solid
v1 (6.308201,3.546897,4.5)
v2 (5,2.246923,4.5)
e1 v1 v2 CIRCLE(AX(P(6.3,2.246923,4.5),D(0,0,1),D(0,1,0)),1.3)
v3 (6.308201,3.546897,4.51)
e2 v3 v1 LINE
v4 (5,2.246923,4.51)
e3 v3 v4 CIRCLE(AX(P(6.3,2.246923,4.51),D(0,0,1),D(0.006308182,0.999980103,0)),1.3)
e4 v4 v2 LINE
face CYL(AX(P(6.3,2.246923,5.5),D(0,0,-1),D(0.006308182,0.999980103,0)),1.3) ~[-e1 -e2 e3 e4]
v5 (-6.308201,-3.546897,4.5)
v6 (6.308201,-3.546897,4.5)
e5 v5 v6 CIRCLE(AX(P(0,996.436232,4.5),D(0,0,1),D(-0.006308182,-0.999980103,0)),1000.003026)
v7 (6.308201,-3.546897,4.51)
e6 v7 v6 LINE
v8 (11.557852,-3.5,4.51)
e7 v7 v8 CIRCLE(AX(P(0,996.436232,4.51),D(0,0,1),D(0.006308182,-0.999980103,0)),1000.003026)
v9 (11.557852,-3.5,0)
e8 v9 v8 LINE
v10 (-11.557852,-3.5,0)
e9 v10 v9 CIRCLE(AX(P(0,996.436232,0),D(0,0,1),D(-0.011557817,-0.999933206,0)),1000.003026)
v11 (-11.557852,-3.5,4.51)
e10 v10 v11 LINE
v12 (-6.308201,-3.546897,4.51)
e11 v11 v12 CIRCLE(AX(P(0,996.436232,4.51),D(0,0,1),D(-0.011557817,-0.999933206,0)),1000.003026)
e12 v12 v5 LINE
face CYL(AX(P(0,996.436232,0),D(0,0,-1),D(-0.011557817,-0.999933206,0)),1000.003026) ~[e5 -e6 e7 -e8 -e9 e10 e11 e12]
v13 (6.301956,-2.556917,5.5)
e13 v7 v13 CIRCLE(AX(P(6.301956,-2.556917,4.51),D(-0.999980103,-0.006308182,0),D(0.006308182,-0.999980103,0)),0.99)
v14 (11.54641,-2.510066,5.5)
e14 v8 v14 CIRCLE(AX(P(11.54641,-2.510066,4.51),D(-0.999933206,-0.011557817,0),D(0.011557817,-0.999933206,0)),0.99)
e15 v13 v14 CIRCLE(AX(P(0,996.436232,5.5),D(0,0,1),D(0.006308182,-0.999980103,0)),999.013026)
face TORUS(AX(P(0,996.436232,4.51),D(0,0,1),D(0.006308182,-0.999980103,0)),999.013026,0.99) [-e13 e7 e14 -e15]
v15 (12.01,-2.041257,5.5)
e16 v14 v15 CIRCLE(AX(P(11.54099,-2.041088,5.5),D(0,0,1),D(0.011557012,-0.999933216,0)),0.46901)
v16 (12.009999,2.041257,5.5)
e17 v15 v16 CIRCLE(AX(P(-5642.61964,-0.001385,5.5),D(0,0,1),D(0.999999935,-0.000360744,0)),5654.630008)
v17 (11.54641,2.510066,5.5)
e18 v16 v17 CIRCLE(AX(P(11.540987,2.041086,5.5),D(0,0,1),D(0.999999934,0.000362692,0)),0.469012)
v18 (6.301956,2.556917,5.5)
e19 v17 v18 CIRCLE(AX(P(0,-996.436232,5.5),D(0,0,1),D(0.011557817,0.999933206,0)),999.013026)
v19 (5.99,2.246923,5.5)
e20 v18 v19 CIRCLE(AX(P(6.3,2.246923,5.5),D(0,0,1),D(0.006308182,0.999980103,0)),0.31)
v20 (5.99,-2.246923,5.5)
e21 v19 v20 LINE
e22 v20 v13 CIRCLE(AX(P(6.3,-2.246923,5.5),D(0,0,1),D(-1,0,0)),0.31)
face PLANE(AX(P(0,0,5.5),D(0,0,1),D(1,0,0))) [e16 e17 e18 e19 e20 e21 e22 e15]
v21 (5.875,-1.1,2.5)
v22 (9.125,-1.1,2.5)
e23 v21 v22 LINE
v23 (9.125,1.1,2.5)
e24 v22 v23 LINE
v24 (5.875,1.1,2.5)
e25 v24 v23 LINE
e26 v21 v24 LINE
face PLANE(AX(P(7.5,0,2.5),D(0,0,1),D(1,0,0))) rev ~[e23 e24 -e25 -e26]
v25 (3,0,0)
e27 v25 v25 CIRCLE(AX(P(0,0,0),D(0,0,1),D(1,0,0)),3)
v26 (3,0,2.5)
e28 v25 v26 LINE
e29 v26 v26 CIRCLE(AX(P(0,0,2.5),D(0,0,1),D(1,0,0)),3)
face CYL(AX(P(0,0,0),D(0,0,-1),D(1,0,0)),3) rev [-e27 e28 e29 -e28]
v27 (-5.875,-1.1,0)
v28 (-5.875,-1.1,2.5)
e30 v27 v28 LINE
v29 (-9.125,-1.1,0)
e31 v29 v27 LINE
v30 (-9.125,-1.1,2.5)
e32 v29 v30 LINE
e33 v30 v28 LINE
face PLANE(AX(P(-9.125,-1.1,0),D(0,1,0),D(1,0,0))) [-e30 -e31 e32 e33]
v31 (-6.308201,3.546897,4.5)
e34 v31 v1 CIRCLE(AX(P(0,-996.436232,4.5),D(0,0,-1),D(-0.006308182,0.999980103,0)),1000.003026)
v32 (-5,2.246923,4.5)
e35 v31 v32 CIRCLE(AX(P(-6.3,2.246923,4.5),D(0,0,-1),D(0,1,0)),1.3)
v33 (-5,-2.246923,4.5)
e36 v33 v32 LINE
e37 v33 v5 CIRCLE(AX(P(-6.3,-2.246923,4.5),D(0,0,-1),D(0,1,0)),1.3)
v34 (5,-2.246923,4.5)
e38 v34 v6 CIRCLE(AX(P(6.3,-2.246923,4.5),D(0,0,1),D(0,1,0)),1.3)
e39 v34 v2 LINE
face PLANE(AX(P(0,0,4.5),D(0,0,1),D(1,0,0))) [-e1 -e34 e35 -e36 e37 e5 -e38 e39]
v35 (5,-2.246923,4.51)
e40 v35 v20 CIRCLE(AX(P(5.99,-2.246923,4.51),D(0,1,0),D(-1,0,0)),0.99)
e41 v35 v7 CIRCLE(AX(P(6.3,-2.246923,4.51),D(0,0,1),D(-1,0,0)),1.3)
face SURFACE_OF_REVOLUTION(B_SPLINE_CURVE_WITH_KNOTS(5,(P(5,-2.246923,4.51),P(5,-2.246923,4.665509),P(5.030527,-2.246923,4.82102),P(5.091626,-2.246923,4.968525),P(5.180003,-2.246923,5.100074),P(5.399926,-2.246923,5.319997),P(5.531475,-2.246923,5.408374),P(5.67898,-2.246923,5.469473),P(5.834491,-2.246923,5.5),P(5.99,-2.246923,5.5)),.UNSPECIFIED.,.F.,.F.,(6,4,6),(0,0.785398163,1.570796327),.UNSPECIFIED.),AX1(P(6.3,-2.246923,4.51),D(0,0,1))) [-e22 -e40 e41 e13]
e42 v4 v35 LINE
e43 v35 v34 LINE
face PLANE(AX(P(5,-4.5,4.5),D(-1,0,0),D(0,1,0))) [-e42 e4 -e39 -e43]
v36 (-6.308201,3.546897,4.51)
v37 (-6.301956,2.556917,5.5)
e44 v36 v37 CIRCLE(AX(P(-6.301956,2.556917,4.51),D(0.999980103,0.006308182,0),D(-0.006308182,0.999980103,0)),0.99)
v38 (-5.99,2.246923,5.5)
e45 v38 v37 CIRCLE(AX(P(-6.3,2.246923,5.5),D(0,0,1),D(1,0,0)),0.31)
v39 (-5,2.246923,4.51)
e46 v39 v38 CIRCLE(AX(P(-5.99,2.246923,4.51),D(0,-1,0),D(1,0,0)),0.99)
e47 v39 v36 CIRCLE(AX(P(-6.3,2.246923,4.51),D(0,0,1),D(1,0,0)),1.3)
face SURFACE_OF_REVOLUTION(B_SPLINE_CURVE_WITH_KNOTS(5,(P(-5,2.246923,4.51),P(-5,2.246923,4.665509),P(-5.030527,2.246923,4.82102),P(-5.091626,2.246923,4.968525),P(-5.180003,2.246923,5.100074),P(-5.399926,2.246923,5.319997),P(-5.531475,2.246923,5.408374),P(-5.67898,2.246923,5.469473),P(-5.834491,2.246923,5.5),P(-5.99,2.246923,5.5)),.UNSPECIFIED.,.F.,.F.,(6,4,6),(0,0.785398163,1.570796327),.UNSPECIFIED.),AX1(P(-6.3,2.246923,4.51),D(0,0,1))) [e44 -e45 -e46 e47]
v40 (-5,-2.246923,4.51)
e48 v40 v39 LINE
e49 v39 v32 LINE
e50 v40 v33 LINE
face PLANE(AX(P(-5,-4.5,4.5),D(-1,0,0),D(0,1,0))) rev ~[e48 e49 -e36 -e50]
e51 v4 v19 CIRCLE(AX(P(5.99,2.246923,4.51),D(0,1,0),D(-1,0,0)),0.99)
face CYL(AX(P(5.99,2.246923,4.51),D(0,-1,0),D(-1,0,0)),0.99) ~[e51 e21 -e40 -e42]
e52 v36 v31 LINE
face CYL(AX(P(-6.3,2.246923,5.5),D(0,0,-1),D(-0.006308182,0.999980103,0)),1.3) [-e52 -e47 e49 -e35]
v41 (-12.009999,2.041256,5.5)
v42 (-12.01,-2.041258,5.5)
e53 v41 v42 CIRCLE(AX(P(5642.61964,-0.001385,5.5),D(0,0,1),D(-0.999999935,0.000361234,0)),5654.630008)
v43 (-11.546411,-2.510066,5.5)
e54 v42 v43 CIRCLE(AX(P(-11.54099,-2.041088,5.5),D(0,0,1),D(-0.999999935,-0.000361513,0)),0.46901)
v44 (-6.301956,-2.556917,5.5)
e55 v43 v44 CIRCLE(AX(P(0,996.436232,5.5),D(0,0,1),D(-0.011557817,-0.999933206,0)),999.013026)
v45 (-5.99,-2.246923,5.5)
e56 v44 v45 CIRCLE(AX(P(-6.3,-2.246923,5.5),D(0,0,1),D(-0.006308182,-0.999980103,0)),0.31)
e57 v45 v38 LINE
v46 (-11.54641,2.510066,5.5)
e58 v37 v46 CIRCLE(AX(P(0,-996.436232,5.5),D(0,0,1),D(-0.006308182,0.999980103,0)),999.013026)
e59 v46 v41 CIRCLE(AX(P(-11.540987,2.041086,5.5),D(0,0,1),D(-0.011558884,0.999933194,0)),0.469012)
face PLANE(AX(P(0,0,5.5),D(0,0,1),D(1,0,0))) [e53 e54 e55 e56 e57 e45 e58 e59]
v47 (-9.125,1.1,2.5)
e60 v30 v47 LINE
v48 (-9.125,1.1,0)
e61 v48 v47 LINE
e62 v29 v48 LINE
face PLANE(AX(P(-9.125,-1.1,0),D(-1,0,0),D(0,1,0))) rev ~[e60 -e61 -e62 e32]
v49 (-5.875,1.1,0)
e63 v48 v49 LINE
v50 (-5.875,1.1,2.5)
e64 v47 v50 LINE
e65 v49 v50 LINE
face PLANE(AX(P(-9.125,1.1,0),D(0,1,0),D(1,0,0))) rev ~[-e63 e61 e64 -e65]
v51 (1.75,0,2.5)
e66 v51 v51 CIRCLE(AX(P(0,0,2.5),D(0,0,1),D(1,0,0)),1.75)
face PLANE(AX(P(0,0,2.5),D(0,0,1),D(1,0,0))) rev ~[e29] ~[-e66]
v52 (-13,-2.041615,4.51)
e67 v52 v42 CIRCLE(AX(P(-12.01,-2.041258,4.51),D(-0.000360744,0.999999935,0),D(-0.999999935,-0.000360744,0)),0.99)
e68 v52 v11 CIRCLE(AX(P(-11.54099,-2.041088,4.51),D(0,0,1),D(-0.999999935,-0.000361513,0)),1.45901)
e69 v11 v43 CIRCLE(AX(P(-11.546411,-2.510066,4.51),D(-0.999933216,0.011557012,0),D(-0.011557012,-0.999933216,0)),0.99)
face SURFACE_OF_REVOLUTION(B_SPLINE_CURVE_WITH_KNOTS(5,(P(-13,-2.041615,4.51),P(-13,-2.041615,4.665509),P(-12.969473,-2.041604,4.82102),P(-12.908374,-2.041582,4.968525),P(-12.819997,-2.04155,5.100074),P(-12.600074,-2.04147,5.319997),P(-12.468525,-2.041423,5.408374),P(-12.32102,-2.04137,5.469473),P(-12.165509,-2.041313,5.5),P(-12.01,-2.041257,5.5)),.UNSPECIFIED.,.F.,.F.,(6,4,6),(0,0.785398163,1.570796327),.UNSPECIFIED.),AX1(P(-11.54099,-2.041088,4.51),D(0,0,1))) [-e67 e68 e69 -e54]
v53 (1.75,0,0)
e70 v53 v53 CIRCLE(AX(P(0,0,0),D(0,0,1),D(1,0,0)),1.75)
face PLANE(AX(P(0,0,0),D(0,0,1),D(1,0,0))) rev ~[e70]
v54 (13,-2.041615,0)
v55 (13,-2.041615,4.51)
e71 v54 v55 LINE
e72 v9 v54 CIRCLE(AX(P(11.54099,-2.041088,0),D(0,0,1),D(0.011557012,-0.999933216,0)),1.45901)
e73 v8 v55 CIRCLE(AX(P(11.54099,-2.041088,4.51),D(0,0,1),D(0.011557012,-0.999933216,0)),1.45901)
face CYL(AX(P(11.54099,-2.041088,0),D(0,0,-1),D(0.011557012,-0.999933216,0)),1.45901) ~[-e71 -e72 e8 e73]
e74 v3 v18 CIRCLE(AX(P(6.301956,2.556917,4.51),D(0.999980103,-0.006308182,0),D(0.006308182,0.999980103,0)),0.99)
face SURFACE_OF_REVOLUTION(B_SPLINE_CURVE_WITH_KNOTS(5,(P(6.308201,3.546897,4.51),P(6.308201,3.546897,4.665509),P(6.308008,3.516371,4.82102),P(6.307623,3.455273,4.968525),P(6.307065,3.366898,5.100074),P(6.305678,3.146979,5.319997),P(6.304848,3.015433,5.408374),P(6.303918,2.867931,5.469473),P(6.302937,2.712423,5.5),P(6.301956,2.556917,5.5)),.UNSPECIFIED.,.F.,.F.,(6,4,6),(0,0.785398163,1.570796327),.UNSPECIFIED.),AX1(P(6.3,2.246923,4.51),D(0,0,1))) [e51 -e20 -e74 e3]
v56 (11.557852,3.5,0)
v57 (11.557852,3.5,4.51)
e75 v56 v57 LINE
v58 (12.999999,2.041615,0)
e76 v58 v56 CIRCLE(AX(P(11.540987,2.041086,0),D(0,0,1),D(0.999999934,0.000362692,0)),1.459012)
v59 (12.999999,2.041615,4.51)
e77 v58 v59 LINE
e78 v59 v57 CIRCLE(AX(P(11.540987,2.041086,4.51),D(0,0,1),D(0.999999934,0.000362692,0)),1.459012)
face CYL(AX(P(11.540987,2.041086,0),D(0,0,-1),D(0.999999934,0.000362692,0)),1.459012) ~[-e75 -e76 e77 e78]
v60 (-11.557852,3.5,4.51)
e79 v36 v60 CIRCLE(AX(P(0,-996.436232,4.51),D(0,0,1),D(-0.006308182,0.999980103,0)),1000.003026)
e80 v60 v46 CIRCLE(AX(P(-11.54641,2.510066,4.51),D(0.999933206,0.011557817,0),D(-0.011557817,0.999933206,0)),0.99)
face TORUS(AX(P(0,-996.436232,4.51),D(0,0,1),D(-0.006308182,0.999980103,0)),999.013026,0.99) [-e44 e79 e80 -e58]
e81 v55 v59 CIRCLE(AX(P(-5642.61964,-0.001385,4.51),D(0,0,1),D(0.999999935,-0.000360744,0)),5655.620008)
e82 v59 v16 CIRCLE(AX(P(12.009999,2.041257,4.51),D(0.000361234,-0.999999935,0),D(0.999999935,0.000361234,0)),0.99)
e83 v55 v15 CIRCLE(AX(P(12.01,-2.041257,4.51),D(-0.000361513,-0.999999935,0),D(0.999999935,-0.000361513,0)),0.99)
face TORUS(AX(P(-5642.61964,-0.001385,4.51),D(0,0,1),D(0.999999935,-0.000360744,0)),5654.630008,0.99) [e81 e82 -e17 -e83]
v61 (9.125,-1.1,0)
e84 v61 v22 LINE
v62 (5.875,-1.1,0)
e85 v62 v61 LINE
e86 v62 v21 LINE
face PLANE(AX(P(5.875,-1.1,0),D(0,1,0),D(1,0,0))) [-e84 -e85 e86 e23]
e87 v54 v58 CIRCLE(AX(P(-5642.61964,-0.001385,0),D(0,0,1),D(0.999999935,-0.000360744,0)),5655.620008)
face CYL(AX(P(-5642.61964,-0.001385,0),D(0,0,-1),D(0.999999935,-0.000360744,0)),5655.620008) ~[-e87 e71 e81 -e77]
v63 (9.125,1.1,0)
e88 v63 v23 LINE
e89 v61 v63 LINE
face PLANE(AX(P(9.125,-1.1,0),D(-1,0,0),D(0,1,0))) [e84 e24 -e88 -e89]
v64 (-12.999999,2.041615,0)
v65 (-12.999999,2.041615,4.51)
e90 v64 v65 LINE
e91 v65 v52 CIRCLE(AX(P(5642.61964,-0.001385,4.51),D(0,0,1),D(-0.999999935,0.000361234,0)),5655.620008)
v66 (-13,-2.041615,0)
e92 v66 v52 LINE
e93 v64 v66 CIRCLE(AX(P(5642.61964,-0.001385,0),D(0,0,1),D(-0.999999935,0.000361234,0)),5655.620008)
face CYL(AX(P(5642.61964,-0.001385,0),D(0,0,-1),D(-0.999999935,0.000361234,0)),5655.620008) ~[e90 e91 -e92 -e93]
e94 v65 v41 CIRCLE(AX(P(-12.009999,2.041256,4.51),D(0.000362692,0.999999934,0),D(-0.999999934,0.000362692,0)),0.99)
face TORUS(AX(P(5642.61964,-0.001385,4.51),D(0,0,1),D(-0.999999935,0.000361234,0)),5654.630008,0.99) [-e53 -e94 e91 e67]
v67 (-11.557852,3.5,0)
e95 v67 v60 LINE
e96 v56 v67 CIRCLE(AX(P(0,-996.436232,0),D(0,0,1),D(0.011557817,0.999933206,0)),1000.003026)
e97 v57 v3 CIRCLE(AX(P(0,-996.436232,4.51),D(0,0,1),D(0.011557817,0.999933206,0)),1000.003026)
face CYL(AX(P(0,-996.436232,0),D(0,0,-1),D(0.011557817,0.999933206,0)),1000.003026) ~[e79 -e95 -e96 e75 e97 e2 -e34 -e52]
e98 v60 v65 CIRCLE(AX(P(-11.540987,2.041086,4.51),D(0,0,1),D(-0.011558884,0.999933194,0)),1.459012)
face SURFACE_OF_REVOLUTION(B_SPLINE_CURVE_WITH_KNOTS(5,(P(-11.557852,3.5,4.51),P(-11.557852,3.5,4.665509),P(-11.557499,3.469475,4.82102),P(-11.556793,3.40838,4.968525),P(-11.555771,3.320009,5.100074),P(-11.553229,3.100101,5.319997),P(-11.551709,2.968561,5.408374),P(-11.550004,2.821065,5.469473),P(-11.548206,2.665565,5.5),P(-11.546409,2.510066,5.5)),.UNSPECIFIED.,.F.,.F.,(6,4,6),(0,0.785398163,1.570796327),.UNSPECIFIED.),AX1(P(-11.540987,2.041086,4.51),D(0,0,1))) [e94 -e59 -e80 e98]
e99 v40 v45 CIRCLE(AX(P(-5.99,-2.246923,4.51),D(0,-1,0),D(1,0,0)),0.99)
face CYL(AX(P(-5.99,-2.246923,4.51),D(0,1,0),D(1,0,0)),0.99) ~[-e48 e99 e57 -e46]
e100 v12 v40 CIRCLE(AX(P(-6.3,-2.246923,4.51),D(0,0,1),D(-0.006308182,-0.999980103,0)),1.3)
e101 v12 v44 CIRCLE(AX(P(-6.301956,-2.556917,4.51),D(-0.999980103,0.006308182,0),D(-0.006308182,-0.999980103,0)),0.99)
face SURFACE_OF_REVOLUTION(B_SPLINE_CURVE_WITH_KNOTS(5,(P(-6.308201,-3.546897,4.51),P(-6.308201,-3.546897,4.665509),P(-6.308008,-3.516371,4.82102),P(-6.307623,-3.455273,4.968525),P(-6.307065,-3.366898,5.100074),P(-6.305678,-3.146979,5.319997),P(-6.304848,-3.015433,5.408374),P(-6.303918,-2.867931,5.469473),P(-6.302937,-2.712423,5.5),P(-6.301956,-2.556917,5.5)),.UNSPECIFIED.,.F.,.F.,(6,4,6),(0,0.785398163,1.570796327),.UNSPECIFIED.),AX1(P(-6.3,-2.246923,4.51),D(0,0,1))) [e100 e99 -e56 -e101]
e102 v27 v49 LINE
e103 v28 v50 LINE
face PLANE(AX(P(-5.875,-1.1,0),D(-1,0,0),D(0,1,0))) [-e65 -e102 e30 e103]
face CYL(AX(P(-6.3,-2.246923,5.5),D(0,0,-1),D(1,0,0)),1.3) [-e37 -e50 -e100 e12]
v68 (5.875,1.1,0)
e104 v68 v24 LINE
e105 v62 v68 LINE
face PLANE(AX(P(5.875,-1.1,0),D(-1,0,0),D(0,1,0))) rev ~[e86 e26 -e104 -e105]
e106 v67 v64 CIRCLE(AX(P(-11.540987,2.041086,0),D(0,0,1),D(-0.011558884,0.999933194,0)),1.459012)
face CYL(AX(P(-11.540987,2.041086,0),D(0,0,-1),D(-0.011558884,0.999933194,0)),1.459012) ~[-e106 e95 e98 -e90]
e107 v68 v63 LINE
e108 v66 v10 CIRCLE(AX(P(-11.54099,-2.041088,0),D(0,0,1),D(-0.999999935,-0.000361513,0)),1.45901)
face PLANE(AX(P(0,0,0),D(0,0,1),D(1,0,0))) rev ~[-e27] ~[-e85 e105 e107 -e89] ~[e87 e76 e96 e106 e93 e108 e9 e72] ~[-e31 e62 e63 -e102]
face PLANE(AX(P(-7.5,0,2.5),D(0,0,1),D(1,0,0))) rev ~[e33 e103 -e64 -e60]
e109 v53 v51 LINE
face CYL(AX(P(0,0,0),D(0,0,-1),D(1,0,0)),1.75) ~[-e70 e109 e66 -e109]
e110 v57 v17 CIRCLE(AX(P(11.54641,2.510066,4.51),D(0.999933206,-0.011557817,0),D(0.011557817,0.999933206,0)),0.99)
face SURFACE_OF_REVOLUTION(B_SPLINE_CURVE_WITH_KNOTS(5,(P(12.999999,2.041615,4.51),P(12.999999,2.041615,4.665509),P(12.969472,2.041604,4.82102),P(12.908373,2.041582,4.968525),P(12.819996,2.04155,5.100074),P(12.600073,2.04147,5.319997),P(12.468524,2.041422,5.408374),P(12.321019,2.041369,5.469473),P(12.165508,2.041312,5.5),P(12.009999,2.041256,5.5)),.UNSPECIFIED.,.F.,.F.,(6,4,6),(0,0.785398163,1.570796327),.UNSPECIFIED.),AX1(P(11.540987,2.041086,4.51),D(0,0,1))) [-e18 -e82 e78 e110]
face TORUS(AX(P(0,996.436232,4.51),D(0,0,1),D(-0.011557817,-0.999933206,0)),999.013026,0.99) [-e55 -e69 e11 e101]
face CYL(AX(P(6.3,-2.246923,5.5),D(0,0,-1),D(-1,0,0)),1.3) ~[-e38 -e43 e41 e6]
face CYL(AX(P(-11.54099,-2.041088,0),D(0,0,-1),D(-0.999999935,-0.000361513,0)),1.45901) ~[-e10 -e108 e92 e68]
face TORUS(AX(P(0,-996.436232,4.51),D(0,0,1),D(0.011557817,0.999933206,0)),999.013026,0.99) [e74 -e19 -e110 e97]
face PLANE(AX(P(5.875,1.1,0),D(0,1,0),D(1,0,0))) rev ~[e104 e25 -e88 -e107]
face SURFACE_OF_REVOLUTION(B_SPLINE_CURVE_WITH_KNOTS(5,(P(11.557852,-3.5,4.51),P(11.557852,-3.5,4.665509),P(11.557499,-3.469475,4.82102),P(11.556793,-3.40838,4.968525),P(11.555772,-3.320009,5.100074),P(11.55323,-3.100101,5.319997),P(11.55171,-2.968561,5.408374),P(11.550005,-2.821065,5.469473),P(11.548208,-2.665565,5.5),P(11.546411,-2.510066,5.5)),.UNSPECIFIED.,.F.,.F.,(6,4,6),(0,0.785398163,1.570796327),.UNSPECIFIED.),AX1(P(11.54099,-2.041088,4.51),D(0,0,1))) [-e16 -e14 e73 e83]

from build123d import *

# Parameters (mm, degrees)
SKETCH039_R   = 3
SKETCH039_R_2 = 1.75
SKETCH039_W   = 3.25
SKETCH039_H   = 2.2
PAD022_DEPTH  = 2.5
SKETCH026_W   = 10
SKETCH026_H   = 9
PAD020_DEPTH  = 2
PAD019_DEPTH  = 5.5
FILLET003_R   = 1.3
FILLET004_R   = 0.99


with BuildPart() as pad_button_zoom_holes:
    # Sketch039 → Pad022 (new body)
    with BuildSketch(Plane.XY):
        Circle(SKETCH039_R)
        Circle(SKETCH039_R_2, mode=Mode.SUBTRACT)
        with Locations((-7.5, 0)):
            Rectangle(SKETCH039_W, SKETCH039_H)
        with Locations((7.5, 0)):
            Rectangle(SKETCH039_W, SKETCH039_H)
    extrude(amount=PAD022_DEPTH)


with BuildPart() as pad_button_zoom_cutout:
    # Sketch026 → Pad020 (new body)
    with BuildSketch(Plane.XY.offset(4.5)):
        Rectangle(SKETCH026_W, SKETCH026_H)
    extrude(amount=PAD020_DEPTH)


with BuildPart() as cut_button_zoom_final:
    # Sketch025 → Pad019 (new body)
    with BuildSketch(Plane.XY):
        with BuildLine():
            ThreePointArc((11.557852, 3.5), (0, 3.566794), (-11.557852, 3.5))
            ThreePointArc((-11.557852, 3.5), (-12.578424, 3.066971), (-12.999999, 2.041615))
            ThreePointArc((-12.999999, 2.041615), (-13.000368, 0), (-13, -2.041615))
            ThreePointArc((-13, -2.041615), (-12.578425, -3.066972), (-11.557852, -3.5))
            ThreePointArc((-11.557852, -3.5), (0, -3.566794), (11.557852, -3.5))
            ThreePointArc((11.557852, -3.5), (12.578425, -3.066972), (13, -2.041615))
            ThreePointArc((13, -2.041615), (13.000368, 0), (12.999999, 2.041615))
            ThreePointArc((12.999999, 2.041615), (12.578424, 3.066971), (11.557852, 3.5))
        make_face()
    extrude(amount=PAD019_DEPTH)

    # Cut007: cut Pad (button zoom cutout)
    add(pad_button_zoom_cutout.part, mode=Mode.SUBTRACT)

    # Fillet003
    fillet003_edges = [cut_button_zoom_final.edges().sort_by_distance(p)[0] for p in [
        (-5, 3.554294, 5),
        (5, 3.554294, 5),
        (-5, -3.554294, 5),
        (5, -3.554294, 5),
    ]]
    fillet(fillet003_edges, radius=FILLET003_R)

    # Fillet004
    fillet004_edges = [cut_button_zoom_final.edges().sort_by_distance(p)[0] for p in [
        (-8.933057, 3.526894, 5.5),
        (8.933057, 3.526894, 5.5),
        (-5.383665, 3.169057, 5.5),
        (-12.578424, 3.066971, 5.5),
        (-5, 0, 5.5),
        (-13.000368, 0, 5.5),
        (-5.383665, -3.169057, 5.5),
        (-12.578425, -3.066972, 5.5),
        (-8.933057, -3.526894, 5.5),
        (12.578424, 3.066971, 5.5),
        (5.383665, 3.169057, 5.5),
        (5, 0, 5.5),
        (13.000368, 0, 5.5),
        (5.383665, -3.169057, 5.5),
        (12.578425, -3.066972, 5.5),
        (8.933057, -3.526894, 5.5),
    ]]
    fillet(fillet004_edges, radius=FILLET004_R)

    # Cut: cut Pad (button zoom holes)
    add(pad_button_zoom_holes.part, mode=Mode.SUBTRACT)


solid = cut_button_zoom_final.part
